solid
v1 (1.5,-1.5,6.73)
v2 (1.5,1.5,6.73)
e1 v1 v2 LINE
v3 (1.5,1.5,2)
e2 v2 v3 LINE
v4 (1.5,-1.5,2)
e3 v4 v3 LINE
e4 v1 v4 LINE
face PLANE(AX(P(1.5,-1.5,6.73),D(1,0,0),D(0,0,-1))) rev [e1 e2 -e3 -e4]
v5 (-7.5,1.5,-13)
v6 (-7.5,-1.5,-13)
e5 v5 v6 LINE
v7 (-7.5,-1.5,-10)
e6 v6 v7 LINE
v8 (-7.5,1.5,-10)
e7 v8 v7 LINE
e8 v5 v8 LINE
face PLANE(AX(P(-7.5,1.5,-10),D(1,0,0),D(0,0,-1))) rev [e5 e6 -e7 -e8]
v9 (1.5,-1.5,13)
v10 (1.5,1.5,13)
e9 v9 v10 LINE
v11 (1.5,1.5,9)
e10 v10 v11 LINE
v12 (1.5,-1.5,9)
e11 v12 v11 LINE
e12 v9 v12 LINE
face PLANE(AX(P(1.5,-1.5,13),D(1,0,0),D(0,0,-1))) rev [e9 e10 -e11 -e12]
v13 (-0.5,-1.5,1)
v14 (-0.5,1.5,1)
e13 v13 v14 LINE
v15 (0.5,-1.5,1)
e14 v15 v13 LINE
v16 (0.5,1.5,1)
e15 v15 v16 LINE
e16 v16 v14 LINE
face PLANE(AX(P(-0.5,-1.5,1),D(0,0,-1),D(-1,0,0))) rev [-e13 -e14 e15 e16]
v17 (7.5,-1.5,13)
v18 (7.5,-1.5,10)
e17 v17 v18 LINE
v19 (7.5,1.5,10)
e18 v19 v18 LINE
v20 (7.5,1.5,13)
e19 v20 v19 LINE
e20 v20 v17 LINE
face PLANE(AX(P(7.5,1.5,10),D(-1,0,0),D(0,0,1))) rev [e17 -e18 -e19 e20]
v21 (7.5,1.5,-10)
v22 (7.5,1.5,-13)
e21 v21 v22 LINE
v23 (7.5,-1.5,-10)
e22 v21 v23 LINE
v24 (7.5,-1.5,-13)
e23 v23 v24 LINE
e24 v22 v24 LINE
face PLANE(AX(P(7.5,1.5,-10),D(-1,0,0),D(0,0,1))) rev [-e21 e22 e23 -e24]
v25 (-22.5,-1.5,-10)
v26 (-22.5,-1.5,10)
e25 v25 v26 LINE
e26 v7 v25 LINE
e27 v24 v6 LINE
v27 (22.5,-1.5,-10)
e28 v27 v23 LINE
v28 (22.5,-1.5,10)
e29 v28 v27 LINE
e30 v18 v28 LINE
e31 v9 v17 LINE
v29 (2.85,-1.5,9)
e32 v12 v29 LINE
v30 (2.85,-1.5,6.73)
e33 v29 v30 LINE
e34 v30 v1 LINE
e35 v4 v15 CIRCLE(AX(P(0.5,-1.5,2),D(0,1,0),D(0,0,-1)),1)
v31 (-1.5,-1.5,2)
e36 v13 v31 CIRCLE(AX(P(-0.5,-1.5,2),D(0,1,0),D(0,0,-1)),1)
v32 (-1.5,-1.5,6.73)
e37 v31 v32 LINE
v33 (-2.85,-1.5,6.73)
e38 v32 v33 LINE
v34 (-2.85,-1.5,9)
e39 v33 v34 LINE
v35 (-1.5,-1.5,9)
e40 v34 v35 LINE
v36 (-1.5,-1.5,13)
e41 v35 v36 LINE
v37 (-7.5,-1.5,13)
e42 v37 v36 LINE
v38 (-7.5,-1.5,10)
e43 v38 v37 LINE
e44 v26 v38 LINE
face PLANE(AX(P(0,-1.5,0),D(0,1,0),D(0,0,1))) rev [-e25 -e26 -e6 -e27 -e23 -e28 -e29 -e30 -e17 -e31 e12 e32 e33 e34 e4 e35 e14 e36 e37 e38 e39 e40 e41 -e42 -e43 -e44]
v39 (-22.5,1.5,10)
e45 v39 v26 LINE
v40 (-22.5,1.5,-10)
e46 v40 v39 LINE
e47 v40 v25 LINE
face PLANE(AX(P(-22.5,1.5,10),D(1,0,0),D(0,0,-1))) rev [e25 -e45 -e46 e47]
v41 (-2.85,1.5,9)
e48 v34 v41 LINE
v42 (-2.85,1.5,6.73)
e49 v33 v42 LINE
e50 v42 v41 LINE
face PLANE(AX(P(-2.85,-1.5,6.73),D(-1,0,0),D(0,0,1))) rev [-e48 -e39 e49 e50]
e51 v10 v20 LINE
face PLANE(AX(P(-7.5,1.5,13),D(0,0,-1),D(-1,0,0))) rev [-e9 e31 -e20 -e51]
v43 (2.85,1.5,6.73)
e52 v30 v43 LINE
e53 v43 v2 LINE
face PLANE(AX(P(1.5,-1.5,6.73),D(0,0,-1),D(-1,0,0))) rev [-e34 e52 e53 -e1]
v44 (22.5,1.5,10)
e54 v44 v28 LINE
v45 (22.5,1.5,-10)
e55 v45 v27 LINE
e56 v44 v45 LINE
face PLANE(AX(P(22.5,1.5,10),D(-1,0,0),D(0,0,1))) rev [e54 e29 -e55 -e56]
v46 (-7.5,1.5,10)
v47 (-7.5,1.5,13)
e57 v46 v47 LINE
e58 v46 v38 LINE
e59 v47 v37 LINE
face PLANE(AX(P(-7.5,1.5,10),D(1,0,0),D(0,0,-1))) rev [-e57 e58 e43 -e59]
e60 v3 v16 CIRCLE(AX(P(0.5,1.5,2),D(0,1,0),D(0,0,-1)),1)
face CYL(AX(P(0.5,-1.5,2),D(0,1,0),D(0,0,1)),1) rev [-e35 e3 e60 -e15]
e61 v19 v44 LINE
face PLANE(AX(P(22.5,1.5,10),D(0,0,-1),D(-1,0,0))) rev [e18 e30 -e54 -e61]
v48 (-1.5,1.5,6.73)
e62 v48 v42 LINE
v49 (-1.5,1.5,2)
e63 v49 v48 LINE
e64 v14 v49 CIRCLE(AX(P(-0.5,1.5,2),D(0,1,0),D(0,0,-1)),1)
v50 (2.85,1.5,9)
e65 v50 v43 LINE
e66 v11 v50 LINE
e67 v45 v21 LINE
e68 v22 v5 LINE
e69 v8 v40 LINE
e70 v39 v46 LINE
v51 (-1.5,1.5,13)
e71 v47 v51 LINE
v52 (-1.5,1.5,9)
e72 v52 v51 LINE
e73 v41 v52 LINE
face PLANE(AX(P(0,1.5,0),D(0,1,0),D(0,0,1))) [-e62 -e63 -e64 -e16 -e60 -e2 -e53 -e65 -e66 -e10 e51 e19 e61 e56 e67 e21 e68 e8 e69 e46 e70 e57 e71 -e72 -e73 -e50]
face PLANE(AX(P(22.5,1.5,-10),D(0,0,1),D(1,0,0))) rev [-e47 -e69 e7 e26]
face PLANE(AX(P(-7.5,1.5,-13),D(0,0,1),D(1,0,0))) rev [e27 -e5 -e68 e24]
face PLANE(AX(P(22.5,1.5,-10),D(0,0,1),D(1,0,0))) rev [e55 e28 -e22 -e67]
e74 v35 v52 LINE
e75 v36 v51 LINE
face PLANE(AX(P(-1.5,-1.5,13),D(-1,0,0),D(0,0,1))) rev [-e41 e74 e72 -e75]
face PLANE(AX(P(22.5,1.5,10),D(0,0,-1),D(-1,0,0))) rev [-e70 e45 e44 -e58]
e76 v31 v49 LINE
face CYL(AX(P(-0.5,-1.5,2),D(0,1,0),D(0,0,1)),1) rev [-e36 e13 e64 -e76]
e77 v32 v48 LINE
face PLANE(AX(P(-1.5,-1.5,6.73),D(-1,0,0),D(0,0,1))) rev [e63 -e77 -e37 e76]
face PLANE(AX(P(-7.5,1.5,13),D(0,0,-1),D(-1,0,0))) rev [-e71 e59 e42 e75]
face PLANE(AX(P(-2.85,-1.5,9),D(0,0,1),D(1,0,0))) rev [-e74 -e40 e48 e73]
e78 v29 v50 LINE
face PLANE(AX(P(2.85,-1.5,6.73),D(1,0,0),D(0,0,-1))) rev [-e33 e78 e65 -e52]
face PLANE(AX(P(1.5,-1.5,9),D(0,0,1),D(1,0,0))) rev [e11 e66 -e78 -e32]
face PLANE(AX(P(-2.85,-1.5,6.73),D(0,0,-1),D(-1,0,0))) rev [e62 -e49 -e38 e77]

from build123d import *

# Parameters (mm, degrees)
SKETCH1_W               = 45
SKETCH1_H               = 20
BOSS_EXTRUDE1_DEPTH     = 1.5
SKETCH2_W               = 15
SKETCH2_H               = 3
BOSS_EXTRUDE2_DEPTH     = 1.5
CUT_EXTRUDE1_DEPTH      = 27.02883017
CUT_EXTRUDE1_DEPTH_BACK = 27.02883017


with BuildPart() as part:
    # Sketch1 → Boss-Extrude1 (new, symmetric)
    with BuildSketch(Plane(origin=(0, 0, 0), x_dir=(1, 0, 0), z_dir=(0, 1, 0))):
        Rectangle(SKETCH1_W, SKETCH1_H)
    extrude(amount=BOSS_EXTRUDE1_DEPTH, both=True)

    # Sketch2 → Boss-Extrude2 (add, symmetric)
    with BuildSketch(Plane(origin=(0, 0, 0), x_dir=(1, 0, 0), z_dir=(0, 1, 0))):
        with Locations((0, -11.5)):
            Rectangle(SKETCH2_W, SKETCH2_H)
        with Locations((0, 11.5)):
            Rectangle(SKETCH2_W, SKETCH2_H)
    extrude(amount=BOSS_EXTRUDE2_DEPTH, both=True)

    # Sketch3 → Cut-Extrude1 (cut, two sides: drawn at the far end of the back side and taken through both)
    with BuildSketch(Plane(origin=(0, 0, 0), x_dir=(1, 0, 0), z_dir=(0, 1, 0)).offset(-CUT_EXTRUDE1_DEPTH_BACK)):
        with BuildLine():
            Line((-1.5, -13), (1.5, -13))
            Line((1.5, -13), (1.5, -9))
            Line((1.5, -9), (2.85, -9))
            Line((2.85, -9), (2.85, -6.73))
            Line((2.85, -6.73), (1.5, -6.73))
            Line((1.5, -6.73), (1.5, -2))
            ThreePointArc((1.5, -2), (1.207106781, -1.292893219), (0.5, -1))
            Line((0.5, -1), (-0.5, -1))
            ThreePointArc((-0.5, -1), (-1.207106781, -1.292893219), (-1.5, -2))
            Line((-1.5, -2), (-1.5, -6.73))
            Line((-1.5, -6.73), (-2.85, -6.73))
            Line((-2.85, -6.73), (-2.85, -9))
            Line((-2.85, -9), (-1.5, -9))
            Line((-1.5, -9), (-1.5, -13))
        make_face()
    extrude(amount=CUT_EXTRUDE1_DEPTH + CUT_EXTRUDE1_DEPTH_BACK, mode=Mode.SUBTRACT)


solid = part.part
